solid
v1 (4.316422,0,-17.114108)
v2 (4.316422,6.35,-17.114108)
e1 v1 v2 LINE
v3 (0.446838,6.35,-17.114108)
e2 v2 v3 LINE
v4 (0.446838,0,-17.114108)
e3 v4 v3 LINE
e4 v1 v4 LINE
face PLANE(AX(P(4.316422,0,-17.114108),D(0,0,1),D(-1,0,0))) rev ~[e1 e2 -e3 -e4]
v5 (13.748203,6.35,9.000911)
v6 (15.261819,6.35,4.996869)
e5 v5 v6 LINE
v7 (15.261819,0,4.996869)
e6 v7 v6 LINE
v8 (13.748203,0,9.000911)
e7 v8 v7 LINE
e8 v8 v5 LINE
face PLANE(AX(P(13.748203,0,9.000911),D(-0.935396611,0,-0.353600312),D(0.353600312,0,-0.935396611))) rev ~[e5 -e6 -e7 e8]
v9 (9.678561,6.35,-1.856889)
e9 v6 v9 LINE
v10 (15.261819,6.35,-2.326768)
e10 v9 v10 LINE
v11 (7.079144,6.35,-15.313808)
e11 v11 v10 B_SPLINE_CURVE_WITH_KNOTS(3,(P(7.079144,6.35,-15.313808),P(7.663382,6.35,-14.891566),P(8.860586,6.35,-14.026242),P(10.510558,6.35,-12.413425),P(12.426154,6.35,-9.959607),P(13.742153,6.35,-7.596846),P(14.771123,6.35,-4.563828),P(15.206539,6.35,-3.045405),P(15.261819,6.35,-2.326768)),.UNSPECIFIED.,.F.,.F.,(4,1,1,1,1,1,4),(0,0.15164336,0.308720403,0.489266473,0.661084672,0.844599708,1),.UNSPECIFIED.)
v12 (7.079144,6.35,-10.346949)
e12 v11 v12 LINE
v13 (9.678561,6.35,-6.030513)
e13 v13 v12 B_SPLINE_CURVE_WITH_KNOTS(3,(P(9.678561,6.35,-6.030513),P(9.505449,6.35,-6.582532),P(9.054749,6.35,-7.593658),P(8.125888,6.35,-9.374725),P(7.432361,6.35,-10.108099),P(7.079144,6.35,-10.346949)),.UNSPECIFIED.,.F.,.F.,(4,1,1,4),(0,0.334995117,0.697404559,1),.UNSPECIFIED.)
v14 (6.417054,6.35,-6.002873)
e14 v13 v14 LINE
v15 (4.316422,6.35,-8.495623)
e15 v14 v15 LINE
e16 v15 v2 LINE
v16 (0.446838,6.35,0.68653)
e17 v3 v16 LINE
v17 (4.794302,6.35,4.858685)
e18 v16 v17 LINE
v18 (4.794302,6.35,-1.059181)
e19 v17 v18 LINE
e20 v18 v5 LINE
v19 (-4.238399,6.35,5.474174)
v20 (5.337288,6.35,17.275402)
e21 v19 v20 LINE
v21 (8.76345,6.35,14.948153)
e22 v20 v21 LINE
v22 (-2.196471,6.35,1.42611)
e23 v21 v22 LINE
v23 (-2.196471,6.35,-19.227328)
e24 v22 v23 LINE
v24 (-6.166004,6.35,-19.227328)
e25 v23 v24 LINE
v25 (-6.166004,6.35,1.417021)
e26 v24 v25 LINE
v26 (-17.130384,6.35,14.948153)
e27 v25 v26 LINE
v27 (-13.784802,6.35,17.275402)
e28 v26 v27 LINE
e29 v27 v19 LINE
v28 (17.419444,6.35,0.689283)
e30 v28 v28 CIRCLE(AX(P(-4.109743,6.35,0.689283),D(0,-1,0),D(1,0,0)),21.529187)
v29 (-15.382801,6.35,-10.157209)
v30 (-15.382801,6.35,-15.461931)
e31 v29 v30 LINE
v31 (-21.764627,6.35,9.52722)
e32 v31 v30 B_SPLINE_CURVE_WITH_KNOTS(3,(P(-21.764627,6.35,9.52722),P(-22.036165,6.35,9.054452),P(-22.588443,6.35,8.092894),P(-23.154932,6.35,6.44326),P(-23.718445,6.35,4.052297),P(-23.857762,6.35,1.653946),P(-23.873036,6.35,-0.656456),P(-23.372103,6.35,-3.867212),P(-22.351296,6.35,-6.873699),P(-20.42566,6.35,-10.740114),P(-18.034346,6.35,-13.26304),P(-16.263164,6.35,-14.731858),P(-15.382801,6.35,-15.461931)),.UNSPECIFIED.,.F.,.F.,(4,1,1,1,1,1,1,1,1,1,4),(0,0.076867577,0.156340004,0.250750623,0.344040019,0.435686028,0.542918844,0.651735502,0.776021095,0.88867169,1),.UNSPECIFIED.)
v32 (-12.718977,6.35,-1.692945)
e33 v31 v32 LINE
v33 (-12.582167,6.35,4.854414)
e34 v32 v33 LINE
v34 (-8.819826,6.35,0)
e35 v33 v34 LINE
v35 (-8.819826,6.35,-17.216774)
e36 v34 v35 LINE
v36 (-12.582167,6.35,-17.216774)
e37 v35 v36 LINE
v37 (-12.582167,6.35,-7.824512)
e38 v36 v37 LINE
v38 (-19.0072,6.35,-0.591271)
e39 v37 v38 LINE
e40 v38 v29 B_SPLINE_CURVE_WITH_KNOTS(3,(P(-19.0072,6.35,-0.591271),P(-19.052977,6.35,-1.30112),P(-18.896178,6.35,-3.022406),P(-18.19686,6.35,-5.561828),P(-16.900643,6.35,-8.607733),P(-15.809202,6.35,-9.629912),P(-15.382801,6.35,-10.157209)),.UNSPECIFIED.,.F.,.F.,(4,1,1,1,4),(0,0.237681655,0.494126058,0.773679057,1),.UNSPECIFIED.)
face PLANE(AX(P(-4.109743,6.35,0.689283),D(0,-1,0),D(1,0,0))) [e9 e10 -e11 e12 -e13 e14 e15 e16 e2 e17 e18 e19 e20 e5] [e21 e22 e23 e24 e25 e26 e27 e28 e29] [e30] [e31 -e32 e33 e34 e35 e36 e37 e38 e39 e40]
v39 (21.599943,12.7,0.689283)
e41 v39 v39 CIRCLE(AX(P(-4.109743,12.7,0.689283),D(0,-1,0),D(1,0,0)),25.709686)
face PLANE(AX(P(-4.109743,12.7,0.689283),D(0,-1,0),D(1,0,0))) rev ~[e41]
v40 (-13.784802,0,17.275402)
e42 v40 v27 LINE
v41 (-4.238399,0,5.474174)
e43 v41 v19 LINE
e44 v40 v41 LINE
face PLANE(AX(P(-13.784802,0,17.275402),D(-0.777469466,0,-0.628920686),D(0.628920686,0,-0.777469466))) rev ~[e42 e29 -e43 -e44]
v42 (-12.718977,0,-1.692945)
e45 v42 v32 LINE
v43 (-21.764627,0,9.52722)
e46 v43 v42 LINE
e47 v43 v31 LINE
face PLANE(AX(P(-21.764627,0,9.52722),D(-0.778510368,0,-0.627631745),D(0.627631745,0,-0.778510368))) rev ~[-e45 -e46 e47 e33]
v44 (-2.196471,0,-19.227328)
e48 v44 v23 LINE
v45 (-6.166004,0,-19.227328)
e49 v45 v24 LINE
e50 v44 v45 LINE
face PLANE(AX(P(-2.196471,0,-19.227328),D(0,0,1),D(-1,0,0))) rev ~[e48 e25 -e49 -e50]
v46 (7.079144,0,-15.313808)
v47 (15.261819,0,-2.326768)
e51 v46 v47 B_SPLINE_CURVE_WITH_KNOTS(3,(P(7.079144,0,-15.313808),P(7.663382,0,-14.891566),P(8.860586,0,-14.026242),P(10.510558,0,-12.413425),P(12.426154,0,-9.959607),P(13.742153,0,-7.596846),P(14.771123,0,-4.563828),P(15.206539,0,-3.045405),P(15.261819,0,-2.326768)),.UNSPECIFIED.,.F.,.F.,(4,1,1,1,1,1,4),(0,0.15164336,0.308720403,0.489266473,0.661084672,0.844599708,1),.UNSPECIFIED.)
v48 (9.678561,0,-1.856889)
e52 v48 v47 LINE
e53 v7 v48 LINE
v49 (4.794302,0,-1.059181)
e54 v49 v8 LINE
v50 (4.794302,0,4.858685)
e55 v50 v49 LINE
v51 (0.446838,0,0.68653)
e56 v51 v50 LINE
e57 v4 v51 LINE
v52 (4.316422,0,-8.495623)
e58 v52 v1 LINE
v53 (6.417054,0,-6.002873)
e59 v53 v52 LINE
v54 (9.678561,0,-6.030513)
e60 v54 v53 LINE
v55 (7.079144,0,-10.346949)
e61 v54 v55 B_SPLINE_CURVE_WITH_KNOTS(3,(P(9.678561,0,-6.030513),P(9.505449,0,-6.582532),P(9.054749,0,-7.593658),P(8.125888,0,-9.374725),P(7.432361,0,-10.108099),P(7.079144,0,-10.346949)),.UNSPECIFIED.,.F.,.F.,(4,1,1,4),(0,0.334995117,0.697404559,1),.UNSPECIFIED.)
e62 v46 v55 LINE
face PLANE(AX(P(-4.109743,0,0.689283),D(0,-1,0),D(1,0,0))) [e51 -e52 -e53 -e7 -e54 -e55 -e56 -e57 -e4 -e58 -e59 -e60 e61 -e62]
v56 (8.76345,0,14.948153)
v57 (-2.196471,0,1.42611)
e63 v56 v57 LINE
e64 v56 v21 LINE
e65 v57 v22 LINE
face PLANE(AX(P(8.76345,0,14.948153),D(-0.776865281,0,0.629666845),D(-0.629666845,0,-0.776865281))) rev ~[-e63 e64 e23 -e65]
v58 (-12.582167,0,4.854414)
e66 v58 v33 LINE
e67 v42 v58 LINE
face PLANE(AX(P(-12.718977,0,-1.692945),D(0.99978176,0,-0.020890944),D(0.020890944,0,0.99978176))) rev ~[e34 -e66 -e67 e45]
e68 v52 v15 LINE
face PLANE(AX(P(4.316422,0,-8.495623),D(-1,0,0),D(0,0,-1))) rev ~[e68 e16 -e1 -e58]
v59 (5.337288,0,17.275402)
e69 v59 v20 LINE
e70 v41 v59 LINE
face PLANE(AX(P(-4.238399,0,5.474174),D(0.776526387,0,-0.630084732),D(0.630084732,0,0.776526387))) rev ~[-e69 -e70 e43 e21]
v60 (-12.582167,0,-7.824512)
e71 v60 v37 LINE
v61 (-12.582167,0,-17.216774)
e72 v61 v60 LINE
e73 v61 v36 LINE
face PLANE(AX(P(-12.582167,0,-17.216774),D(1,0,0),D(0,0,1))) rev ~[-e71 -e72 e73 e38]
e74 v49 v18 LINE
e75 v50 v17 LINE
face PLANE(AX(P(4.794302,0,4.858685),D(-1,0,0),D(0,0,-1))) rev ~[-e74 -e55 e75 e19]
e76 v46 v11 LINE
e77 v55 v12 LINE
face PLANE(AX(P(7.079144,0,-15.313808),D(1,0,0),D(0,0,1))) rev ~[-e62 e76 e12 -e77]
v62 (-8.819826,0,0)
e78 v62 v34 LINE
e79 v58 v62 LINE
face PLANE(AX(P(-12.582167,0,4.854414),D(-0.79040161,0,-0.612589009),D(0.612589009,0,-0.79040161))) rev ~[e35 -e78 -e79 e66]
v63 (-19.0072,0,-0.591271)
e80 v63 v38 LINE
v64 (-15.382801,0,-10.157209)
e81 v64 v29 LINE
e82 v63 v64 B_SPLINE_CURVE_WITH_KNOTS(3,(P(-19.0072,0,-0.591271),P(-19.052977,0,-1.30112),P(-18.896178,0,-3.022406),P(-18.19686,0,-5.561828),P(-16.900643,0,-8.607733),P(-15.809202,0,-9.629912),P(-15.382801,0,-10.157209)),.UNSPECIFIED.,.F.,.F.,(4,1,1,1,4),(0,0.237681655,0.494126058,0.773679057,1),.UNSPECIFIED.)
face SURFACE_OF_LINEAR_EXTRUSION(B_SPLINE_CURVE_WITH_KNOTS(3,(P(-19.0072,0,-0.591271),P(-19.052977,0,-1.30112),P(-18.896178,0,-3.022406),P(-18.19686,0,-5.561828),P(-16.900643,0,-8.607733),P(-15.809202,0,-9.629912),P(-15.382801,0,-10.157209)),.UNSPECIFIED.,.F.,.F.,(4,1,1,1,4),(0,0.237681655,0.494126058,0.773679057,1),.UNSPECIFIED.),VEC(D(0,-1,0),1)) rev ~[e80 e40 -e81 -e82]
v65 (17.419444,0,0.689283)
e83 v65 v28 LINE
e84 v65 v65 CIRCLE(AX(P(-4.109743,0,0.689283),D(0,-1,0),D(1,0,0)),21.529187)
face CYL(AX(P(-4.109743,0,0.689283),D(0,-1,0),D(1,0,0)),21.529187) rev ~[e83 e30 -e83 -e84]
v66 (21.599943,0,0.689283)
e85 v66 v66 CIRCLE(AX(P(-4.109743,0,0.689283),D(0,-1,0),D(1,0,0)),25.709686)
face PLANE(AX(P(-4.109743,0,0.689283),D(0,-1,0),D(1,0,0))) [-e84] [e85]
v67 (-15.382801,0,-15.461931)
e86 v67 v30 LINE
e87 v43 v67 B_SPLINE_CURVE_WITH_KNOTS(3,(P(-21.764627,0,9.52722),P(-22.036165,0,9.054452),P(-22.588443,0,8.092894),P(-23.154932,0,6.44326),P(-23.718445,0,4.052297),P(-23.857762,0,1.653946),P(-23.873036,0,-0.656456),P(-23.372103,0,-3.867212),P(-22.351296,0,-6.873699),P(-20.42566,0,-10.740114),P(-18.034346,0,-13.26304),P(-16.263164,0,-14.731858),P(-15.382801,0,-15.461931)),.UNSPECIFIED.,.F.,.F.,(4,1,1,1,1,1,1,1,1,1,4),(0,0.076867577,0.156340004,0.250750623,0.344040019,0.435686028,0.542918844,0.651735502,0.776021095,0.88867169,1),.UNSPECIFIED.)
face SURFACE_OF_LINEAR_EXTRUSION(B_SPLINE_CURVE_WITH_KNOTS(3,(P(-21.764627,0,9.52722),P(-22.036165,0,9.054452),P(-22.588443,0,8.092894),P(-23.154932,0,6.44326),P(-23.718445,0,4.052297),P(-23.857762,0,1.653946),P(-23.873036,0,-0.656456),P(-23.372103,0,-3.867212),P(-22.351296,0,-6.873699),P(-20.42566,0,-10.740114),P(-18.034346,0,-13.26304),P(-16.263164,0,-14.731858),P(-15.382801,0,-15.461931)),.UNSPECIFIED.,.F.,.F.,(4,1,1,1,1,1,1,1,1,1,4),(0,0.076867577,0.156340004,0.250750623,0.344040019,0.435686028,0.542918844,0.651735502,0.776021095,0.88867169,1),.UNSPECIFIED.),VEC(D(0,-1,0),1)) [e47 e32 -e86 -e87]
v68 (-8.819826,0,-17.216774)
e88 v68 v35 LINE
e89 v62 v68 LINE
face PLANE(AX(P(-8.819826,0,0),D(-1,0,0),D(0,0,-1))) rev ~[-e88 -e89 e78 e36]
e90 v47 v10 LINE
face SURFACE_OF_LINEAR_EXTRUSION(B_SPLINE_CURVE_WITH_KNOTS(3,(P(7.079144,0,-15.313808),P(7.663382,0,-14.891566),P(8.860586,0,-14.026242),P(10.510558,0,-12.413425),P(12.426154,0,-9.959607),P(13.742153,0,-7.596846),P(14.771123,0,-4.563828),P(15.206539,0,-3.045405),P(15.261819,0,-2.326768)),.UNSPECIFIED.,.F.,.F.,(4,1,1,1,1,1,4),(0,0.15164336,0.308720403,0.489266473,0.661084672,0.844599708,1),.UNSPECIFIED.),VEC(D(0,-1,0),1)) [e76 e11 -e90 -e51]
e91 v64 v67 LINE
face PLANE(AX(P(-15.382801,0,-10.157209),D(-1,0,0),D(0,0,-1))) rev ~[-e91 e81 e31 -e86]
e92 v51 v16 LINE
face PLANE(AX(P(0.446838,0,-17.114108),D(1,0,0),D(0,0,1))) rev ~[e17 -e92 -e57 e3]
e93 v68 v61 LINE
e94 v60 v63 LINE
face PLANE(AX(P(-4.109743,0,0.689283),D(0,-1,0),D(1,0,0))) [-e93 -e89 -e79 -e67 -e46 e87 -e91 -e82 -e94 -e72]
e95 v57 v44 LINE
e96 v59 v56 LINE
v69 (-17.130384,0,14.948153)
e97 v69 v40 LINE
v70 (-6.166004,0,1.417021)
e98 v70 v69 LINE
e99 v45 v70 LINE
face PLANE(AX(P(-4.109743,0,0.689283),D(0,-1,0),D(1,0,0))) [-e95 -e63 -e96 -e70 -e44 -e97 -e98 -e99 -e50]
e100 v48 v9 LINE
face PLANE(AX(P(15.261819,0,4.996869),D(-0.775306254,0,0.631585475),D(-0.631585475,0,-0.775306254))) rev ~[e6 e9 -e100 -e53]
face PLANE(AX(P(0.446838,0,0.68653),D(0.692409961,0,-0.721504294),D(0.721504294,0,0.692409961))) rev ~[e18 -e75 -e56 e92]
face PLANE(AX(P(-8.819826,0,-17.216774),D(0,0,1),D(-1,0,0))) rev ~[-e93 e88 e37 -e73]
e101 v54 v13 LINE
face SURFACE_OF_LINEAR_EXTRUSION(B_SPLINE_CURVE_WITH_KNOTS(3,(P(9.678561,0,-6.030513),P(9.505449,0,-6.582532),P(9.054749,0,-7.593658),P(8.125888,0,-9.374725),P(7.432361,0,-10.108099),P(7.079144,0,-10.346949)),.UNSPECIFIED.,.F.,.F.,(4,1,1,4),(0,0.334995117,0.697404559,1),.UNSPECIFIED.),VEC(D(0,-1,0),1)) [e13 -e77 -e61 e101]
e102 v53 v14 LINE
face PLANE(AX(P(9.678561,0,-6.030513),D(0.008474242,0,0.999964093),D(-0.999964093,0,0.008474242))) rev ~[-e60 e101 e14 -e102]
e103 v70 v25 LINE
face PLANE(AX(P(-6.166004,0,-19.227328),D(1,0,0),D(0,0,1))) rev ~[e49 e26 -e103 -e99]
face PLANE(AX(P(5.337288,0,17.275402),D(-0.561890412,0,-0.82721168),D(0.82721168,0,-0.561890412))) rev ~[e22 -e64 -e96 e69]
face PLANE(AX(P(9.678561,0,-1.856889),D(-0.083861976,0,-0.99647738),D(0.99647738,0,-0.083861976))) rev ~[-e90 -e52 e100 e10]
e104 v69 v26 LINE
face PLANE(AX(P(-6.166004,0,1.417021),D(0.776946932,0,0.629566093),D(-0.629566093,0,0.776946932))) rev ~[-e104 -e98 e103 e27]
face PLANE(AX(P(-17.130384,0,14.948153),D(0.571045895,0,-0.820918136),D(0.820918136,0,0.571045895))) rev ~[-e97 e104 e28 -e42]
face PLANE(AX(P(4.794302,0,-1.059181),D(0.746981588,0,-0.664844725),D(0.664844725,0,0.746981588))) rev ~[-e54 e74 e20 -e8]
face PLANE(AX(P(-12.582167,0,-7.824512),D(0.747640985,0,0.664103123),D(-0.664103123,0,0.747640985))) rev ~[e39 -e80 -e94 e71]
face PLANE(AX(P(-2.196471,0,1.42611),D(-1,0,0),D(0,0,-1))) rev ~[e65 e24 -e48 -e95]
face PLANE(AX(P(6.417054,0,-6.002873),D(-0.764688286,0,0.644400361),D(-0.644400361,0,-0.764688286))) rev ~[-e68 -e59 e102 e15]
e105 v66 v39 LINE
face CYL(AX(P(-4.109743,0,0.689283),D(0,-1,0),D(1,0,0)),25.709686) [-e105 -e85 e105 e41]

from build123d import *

# Parameters (mm, degrees)
F0_R     = 25.7096861459
F0_R_2   = 21.5291868396
F1_DEPTH = 12.7
F2_DEPTH = 6.35


with BuildPart() as f1:
    # F0 (on Front) → F1 (new body)
    with BuildSketch(Plane.XZ):
        with Locations((-4.1097430512, 0.6892834396)):
            Circle(F0_R)
        with Locations((-4.1097430512, 0.6892834396)):
            Circle(F0_R_2, mode=Mode.SUBTRACT)
        with Locations((-4.1097430512, 0.6892834396)):
            Circle(F0_R_2)
        with BuildLine():
            add(Edge.make_bspline(
                [(-21.7646267265, 9.5272203907), (-22.0361650363, 9.0544517802), (-22.5884434109, 8.0928936123), (-23.1549316669, 6.4432599282), (-23.7184446326, 4.0522965999), (-23.8577617277, 1.6539462794), (-23.873036412, -0.6564562902), (-23.37210285, -3.8672122774), (-22.351295624, -6.8736988545), (-20.4256595912, -10.740114232), (-18.0343458286, -13.2630401234), (-16.2631639399, -14.7318578221), (-15.3828011826, -15.4619310051)],
                knots=[0, 0, 0, 0, 0.0768675769, 0.1563400039, 0.2507506226, 0.3440400191, 0.4356860283, 0.542918844, 0.6517355024, 0.7760210951, 0.88867169, 1, 1, 1, 1], degree=3))
            Line((-21.7646267265, 9.5272203907), (-12.7189774066, -1.692944672))
            Line((-12.7189774066, -1.692944672), (-12.5821670517, 4.8544136807))
            Line((-12.5821670517, 4.8544136807), (-8.8198259473, 0))
            Line((-8.8198259473, 0), (-8.8198259473, -17.2167737037))
            Line((-8.8198259473, -17.2167737037), (-12.5821670517, -17.2167737037))
            Line((-12.5821670517, -17.2167737037), (-12.5821670517, -7.8245121986))
            Line((-12.5821670517, -7.8245121986), (-19.0072003752, -0.591270742))
            add(Edge.make_bspline(
                [(-19.0072003752, -0.591270742), (-19.0529774008, -1.3011197697), (-18.8961779325, -3.0224064452), (-18.1968595875, -5.5618282654), (-16.9006426097, -8.6077330024), (-15.8092020333, -9.6299122724), (-15.3828011826, -10.1572088897)],
                knots=[0, 0, 0, 0, 0.2376816547, 0.494126058, 0.7736790575, 1, 1, 1, 1], degree=3))
            Line((-15.3828011826, -10.1572088897), (-15.3828011826, -15.4619310051))
        make_face(mode=Mode.SUBTRACT)
        Polygon((-6.1660036445, -19.2273277789), (-6.1660036445, -19.0120320767), (-6.1660036445, 1.4170210343), (-17.1303842217, 14.948152937), (-13.7848015875, 17.2754023224), (-4.2383992113, 5.4741743952), (5.3372876719, 17.2754023224), (8.7634501979, 14.948152937), (-2.1964707835, 1.426110025), (-2.1964707835, -19.2273277789), align=None, mode=Mode.SUBTRACT)
        with BuildLine():
            Line((0.4468376574, -17.1141084284), (0.4468376574, 0.6865304422))
            Line((0.4468376574, 0.6865304422), (4.7943019308, 4.8586851917))
            Line((4.7943019308, 4.8586851917), (4.7943019308, -1.0591812897))
            Line((4.7943019308, -1.0591812897), (13.7482034042, 9.0009113774))
            Line((13.7482034042, 9.0009113774), (15.2618186548, 4.9968691602))
            Line((15.2618186548, 4.9968691602), (9.6785612404, -1.8568894593))
            Line((9.6785612404, -1.8568894593), (15.2618186548, -2.3267676588))
            add(Edge.make_bspline(
                [(7.0791435428, -15.3138078749), (7.6633822301, -14.891566438), (8.8605857195, -14.0262415468), (10.5105583239, -12.413425436), (12.4261537458, -9.9596070935), (13.742152602, -7.5968455621), (14.7711233204, -4.5638277141), (15.2065390721, -3.0454047956), (15.2618186548, -2.3267676588)],
                knots=[0, 0, 0, 0, 0.1516433597, 0.3087204032, 0.4892664729, 0.6610846718, 0.8445997083, 1, 1, 1, 1], degree=3))
            Line((7.0791435428, -15.3138078749), (7.0791435428, -10.3469491005))
            add(Edge.make_bspline(
                [(9.6785612404, -6.0305129737), (9.5054491582, -6.5825324176), (9.0547490041, -7.5936580594), (8.125887942, -9.3747254345), (7.432360992, -10.108098995), (7.0791435428, -10.3469491005)],
                knots=[0, 0, 0, 0, 0.3349951173, 0.6974045589, 1, 1, 1, 1], degree=3))
            Line((9.6785612404, -6.0305129737), (6.4170542173, -6.0028731823))
            Line((6.4170542173, -6.0028731823), (4.316422157, -8.4956227616))
            Line((4.316422157, -8.4956227616), (4.316422157, -17.1141084284))
            Line((4.316422157, -17.1141084284), (0.4468376574, -17.1141084284))
        make_face(mode=Mode.SUBTRACT)
        with BuildLine():
            Line((-12.7189774066, -1.692944672), (-21.7646267265, 9.5272203907))
            add(Edge.make_bspline(
                [(-21.7646267265, 9.5272203907), (-22.0361650363, 9.0544517802), (-22.5884434109, 8.0928936123), (-23.1549316669, 6.4432599282), (-23.7184446326, 4.0522965999), (-23.8577617277, 1.6539462794), (-23.873036412, -0.6564562902), (-23.37210285, -3.8672122774), (-22.351295624, -6.8736988545), (-20.4256595912, -10.740114232), (-18.0343458286, -13.2630401234), (-16.2631639399, -14.7318578221), (-15.3828011826, -15.4619310051)],
                knots=[0, 0, 0, 0, 0.0768675769, 0.1563400039, 0.2507506226, 0.3440400191, 0.4356860283, 0.542918844, 0.6517355024, 0.7760210951, 0.88867169, 1, 1, 1, 1], degree=3))
            Line((-15.3828011826, -15.4619310051), (-15.3828011826, -10.1572088897))
            add(Edge.make_bspline(
                [(-19.0072003752, -0.591270742), (-19.0529774008, -1.3011197697), (-18.8961779325, -3.0224064452), (-18.1968595875, -5.5618282654), (-16.9006426097, -8.6077330024), (-15.8092020333, -9.6299122724), (-15.3828011826, -10.1572088897)],
                knots=[0, 0, 0, 0, 0.2376816547, 0.494126058, 0.7736790575, 1, 1, 1, 1], degree=3))
            Line((-19.0072003752, -0.591270742), (-12.5821670517, -7.8245121986))
            Line((-12.5821670517, -7.8245121986), (-12.5821670517, -17.2167737037))
            Line((-12.5821670517, -17.2167737037), (-8.8198259473, -17.2167737037))
            Line((-8.8198259473, -17.2167737037), (-8.8198259473, 0))
            Line((-8.8198259473, 0), (-12.5821670517, 4.8544136807))
            Line((-12.5821670517, 4.8544136807), (-12.7189774066, -1.692944672))
        make_face()
        Polygon((-6.1660036445, 1.4170210343), (-6.1660036445, -19.0120320767), (-6.1660036445, -19.2273277789), (-2.1964707835, -19.2273277789), (-2.1964707835, 1.426110025), (8.7634501979, 14.948152937), (5.3372876719, 17.2754023224), (-4.2383992113, 5.4741743952), (-13.7848015875, 17.2754023224), (-17.1303842217, 14.948152937), align=None)
        with BuildLine():
            Line((4.7943019308, 4.8586851917), (0.4468376574, 0.6865304422))
            Line((0.4468376574, 0.6865304422), (0.4468376574, -17.1141084284))
            Line((0.4468376574, -17.1141084284), (4.316422157, -17.1141084284))
            Line((4.316422157, -17.1141084284), (4.316422157, -8.4956227616))
            Line((4.316422157, -8.4956227616), (6.4170542173, -6.0028731823))
            Line((6.4170542173, -6.0028731823), (9.6785612404, -6.0305129737))
            add(Edge.make_bspline(
                [(9.6785612404, -6.0305129737), (9.5054491582, -6.5825324176), (9.0547490041, -7.5936580594), (8.125887942, -9.3747254345), (7.432360992, -10.108098995), (7.0791435428, -10.3469491005)],
                knots=[0, 0, 0, 0, 0.3349951173, 0.6974045589, 1, 1, 1, 1], degree=3))
            Line((7.0791435428, -10.3469491005), (7.0791435428, -15.3138078749))
            add(Edge.make_bspline(
                [(7.0791435428, -15.3138078749), (7.6633822301, -14.891566438), (8.8605857195, -14.0262415468), (10.5105583239, -12.413425436), (12.4261537458, -9.9596070935), (13.742152602, -7.5968455621), (14.7711233204, -4.5638277141), (15.2065390721, -3.0454047956), (15.2618186548, -2.3267676588)],
                knots=[0, 0, 0, 0, 0.1516433597, 0.3087204032, 0.4892664729, 0.6610846718, 0.8445997083, 1, 1, 1, 1], degree=3))
            Line((15.2618186548, -2.3267676588), (9.6785612404, -1.8568894593))
            Line((9.6785612404, -1.8568894593), (15.2618186548, 4.9968691602))
            Line((15.2618186548, 4.9968691602), (13.7482034042, 9.0009113774))
            Line((13.7482034042, 9.0009113774), (4.7943019308, -1.0591812897))
            Line((4.7943019308, -1.0591812897), (4.7943019308, 4.8586851917))
        make_face()
    extrude(amount=-F1_DEPTH)

    # F0 (on Front) → F2 (cut)
    with BuildSketch(Plane.XZ):
        with Locations((-4.1097430512, 0.6892834396)):
            Circle(F0_R_2)
        with BuildLine():
            add(Edge.make_bspline(
                [(-21.7646267265, 9.5272203907), (-22.0361650363, 9.0544517802), (-22.5884434109, 8.0928936123), (-23.1549316669, 6.4432599282), (-23.7184446326, 4.0522965999), (-23.8577617277, 1.6539462794), (-23.873036412, -0.6564562902), (-23.37210285, -3.8672122774), (-22.351295624, -6.8736988545), (-20.4256595912, -10.740114232), (-18.0343458286, -13.2630401234), (-16.2631639399, -14.7318578221), (-15.3828011826, -15.4619310051)],
                knots=[0, 0, 0, 0, 0.0768675769, 0.1563400039, 0.2507506226, 0.3440400191, 0.4356860283, 0.542918844, 0.6517355024, 0.7760210951, 0.88867169, 1, 1, 1, 1], degree=3))
            Line((-21.7646267265, 9.5272203907), (-12.7189774066, -1.692944672))
            Line((-12.7189774066, -1.692944672), (-12.5821670517, 4.8544136807))
            Line((-12.5821670517, 4.8544136807), (-8.8198259473, 0))
            Line((-8.8198259473, 0), (-8.8198259473, -17.2167737037))
            Line((-8.8198259473, -17.2167737037), (-12.5821670517, -17.2167737037))
            Line((-12.5821670517, -17.2167737037), (-12.5821670517, -7.8245121986))
            Line((-12.5821670517, -7.8245121986), (-19.0072003752, -0.591270742))
            add(Edge.make_bspline(
                [(-19.0072003752, -0.591270742), (-19.0529774008, -1.3011197697), (-18.8961779325, -3.0224064452), (-18.1968595875, -5.5618282654), (-16.9006426097, -8.6077330024), (-15.8092020333, -9.6299122724), (-15.3828011826, -10.1572088897)],
                knots=[0, 0, 0, 0, 0.2376816547, 0.494126058, 0.7736790575, 1, 1, 1, 1], degree=3))
            Line((-15.3828011826, -10.1572088897), (-15.3828011826, -15.4619310051))
        make_face(mode=Mode.SUBTRACT)
        Polygon((-6.1660036445, -19.2273277789), (-6.1660036445, -19.0120320767), (-6.1660036445, 1.4170210343), (-17.1303842217, 14.948152937), (-13.7848015875, 17.2754023224), (-4.2383992113, 5.4741743952), (5.3372876719, 17.2754023224), (8.7634501979, 14.948152937), (-2.1964707835, 1.426110025), (-2.1964707835, -19.2273277789), align=None, mode=Mode.SUBTRACT)
        with BuildLine():
            Line((0.4468376574, -17.1141084284), (0.4468376574, 0.6865304422))
            Line((0.4468376574, 0.6865304422), (4.7943019308, 4.8586851917))
            Line((4.7943019308, 4.8586851917), (4.7943019308, -1.0591812897))
            Line((4.7943019308, -1.0591812897), (13.7482034042, 9.0009113774))
            Line((13.7482034042, 9.0009113774), (15.2618186548, 4.9968691602))
            Line((15.2618186548, 4.9968691602), (9.6785612404, -1.8568894593))
            Line((9.6785612404, -1.8568894593), (15.2618186548, -2.3267676588))
            add(Edge.make_bspline(
                [(7.0791435428, -15.3138078749), (7.6633822301, -14.891566438), (8.8605857195, -14.0262415468), (10.5105583239, -12.413425436), (12.4261537458, -9.9596070935), (13.742152602, -7.5968455621), (14.7711233204, -4.5638277141), (15.2065390721, -3.0454047956), (15.2618186548, -2.3267676588)],
                knots=[0, 0, 0, 0, 0.1516433597, 0.3087204032, 0.4892664729, 0.6610846718, 0.8445997083, 1, 1, 1, 1], degree=3))
            Line((7.0791435428, -15.3138078749), (7.0791435428, -10.3469491005))
            add(Edge.make_bspline(
                [(9.6785612404, -6.0305129737), (9.5054491582, -6.5825324176), (9.0547490041, -7.5936580594), (8.125887942, -9.3747254345), (7.432360992, -10.108098995), (7.0791435428, -10.3469491005)],
                knots=[0, 0, 0, 0, 0.3349951173, 0.6974045589, 1, 1, 1, 1], degree=3))
            Line((9.6785612404, -6.0305129737), (6.4170542173, -6.0028731823))
            Line((6.4170542173, -6.0028731823), (4.316422157, -8.4956227616))
            Line((4.316422157, -8.4956227616), (4.316422157, -17.1141084284))
            Line((4.316422157, -17.1141084284), (0.4468376574, -17.1141084284))
        make_face(mode=Mode.SUBTRACT)
    extrude(amount=-F2_DEPTH, mode=Mode.SUBTRACT)


solid = f1.part
